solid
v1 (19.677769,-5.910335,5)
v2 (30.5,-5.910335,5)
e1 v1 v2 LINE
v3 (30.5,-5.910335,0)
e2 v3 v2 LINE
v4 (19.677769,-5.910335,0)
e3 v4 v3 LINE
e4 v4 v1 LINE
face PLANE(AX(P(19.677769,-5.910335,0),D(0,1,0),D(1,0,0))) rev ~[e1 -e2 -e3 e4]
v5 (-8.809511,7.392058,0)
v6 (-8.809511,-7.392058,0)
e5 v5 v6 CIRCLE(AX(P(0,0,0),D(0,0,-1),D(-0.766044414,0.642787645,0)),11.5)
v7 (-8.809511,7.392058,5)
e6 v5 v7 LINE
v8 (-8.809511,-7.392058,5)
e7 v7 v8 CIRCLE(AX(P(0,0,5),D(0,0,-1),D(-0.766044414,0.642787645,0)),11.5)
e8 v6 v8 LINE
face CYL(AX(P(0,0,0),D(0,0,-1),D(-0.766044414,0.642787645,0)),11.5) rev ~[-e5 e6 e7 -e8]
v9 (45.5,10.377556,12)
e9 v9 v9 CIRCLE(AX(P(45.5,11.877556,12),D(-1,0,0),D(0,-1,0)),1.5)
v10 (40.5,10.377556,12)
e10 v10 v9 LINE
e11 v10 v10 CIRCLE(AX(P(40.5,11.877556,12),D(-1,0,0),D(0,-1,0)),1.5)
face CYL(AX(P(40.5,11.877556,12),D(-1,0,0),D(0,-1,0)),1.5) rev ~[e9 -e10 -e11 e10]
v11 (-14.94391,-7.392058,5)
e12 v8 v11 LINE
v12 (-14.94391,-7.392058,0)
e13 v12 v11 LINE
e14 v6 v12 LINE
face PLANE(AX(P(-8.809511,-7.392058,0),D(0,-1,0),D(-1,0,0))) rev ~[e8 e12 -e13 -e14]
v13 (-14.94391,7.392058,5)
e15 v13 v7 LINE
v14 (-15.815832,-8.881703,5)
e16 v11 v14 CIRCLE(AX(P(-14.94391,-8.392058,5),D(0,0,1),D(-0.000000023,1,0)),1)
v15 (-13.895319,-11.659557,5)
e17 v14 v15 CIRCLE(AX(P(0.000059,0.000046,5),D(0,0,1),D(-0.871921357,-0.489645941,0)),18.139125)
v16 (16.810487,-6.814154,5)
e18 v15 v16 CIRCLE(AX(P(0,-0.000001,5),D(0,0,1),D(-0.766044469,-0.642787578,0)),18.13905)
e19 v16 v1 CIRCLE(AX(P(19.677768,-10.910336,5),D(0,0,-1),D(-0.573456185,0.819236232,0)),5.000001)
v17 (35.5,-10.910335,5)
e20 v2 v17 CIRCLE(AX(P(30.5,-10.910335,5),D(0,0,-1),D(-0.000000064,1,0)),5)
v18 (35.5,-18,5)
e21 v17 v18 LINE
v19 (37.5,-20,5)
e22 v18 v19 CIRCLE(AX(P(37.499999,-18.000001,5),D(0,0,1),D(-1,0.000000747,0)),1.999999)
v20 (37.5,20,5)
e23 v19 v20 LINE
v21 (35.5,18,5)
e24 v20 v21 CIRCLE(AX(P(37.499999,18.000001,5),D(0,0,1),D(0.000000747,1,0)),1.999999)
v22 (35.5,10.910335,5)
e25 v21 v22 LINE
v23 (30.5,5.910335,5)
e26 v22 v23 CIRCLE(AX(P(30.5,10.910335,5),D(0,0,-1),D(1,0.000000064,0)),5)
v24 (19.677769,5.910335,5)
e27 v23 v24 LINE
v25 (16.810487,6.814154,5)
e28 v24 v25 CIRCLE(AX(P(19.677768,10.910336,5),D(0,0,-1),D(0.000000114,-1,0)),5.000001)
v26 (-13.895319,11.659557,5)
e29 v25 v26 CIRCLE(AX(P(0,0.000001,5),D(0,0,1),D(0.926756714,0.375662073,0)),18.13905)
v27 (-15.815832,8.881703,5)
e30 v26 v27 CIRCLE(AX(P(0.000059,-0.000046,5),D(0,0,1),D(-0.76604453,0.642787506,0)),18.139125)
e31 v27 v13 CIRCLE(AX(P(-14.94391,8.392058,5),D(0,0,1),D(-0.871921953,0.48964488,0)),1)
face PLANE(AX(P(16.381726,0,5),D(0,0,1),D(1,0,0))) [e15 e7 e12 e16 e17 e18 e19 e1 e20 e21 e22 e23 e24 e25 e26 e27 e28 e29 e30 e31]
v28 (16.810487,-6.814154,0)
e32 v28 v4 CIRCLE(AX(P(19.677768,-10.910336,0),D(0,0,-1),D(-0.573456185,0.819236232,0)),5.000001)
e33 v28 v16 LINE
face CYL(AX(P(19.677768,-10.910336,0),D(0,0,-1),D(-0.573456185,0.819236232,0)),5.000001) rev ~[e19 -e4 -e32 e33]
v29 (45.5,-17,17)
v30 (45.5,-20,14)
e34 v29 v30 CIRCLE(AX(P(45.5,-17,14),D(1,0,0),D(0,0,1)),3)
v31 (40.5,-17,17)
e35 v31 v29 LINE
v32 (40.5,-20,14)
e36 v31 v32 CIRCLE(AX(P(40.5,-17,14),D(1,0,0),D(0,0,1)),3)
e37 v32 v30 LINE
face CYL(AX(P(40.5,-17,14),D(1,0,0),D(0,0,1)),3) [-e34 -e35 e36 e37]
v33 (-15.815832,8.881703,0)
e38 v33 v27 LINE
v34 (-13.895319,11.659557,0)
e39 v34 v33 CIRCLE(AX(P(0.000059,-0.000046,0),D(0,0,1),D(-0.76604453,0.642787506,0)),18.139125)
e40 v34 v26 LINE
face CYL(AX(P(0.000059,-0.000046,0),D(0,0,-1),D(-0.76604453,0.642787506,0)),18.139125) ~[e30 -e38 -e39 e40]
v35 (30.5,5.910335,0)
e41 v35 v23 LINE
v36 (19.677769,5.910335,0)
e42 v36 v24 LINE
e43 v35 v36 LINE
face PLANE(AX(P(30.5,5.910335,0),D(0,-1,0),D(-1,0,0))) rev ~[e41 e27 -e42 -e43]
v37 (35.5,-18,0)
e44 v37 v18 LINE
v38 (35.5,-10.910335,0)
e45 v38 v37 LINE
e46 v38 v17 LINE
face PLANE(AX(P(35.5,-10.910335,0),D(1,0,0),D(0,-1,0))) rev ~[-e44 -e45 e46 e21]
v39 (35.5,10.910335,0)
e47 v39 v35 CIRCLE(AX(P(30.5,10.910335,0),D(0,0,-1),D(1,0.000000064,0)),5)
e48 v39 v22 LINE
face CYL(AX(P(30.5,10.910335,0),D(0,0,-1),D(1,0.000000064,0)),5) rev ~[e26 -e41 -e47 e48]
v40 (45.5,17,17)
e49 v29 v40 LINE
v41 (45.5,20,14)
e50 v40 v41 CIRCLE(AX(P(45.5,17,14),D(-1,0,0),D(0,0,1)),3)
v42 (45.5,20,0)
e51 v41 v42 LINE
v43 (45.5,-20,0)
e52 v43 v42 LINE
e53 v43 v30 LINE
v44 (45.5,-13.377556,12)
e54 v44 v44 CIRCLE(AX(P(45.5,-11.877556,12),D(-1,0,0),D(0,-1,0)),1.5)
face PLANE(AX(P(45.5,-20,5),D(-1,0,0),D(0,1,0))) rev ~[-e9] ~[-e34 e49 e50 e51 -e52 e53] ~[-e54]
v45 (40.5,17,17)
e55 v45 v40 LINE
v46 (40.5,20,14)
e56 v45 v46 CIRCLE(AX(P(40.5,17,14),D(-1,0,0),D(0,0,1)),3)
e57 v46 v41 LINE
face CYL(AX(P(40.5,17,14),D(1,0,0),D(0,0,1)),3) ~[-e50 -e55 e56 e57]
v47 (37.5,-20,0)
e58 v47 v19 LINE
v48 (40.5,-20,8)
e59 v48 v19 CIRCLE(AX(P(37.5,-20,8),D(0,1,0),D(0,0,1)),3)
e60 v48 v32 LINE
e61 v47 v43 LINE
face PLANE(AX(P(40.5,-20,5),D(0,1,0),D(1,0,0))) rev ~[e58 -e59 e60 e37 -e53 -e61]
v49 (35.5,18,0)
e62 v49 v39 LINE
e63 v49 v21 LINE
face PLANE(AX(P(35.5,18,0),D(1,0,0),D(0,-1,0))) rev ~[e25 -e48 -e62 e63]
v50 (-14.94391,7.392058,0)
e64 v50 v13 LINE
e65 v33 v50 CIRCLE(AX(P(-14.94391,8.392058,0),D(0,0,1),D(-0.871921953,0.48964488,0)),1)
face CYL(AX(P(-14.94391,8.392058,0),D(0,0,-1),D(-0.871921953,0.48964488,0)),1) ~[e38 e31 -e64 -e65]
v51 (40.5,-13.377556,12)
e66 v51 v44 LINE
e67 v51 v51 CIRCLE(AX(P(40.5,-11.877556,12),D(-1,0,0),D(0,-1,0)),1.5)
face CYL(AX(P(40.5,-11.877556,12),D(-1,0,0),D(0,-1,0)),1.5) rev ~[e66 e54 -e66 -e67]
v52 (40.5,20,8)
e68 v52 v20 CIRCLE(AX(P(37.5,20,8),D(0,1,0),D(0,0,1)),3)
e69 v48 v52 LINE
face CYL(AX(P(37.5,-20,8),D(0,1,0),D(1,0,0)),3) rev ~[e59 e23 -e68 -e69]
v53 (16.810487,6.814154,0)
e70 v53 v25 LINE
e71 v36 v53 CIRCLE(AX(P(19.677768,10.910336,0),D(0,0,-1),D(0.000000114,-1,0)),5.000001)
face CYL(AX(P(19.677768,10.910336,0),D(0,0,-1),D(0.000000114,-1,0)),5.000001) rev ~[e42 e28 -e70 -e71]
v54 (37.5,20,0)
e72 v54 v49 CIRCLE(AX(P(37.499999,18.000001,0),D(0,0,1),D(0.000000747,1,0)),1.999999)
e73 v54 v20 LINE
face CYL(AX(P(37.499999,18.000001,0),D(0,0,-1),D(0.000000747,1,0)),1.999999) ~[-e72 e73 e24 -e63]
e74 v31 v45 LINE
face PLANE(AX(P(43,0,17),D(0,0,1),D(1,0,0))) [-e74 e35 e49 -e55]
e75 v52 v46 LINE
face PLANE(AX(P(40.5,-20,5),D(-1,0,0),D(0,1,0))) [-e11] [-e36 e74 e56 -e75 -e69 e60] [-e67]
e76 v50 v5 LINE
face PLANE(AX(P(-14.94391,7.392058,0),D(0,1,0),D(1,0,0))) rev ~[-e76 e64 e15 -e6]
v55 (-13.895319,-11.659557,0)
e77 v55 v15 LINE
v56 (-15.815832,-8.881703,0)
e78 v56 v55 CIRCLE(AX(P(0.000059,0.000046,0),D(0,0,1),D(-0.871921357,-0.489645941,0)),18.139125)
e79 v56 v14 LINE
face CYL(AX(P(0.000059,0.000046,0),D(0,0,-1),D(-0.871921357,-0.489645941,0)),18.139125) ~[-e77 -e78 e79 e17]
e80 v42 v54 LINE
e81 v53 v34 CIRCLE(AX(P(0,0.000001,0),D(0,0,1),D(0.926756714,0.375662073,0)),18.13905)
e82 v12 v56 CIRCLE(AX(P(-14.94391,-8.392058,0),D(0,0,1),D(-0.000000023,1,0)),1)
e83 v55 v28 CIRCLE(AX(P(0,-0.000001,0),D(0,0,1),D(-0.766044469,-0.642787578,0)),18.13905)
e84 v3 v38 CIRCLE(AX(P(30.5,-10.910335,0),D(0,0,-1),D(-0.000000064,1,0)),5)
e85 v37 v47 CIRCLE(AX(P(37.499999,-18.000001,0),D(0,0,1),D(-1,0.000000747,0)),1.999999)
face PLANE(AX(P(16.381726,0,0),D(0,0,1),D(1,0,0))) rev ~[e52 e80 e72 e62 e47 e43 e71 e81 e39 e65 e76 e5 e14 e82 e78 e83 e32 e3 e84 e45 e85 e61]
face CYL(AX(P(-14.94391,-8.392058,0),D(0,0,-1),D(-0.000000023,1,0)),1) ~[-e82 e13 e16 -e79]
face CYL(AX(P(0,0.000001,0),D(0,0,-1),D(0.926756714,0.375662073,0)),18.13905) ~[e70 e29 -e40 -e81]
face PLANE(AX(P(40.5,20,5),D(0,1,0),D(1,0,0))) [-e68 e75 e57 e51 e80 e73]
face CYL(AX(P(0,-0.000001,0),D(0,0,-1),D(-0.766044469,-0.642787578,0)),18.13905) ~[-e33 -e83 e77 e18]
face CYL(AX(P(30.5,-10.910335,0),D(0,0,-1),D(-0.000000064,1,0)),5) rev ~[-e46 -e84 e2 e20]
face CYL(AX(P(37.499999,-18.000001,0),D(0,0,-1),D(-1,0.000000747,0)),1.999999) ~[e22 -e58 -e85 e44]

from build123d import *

# Parameters (mm, degrees)
F1_DEPTH = 5
F2_W     = 5
F2_H     = 40
F3_DEPTH = 12
F4_R     = 3
F5_R     = 1.5
F6_DEPTH = 10


with BuildPart() as f1:
    # F0 (on Top) → F1 (new body)
    with BuildSketch(Plane.XY):
        with BuildLine():
            ThreePointArc((-8.809511, 7.392058), (11.5, 0), (-8.809511, -7.392058))
            Line((-8.809511, -7.392058), (-14.94391, -7.392058))
            ThreePointArc((-14.94391, -7.392058), (-15.806941, -7.886907), (-15.815832, -8.881703))
            ThreePointArc((-15.815832, -8.881703), (-14.920363, -10.315422), (-13.895319, -11.659557))
            ThreePointArc((-13.895319, -11.659557), (2.827372, -17.917342), (16.810487, -6.814154))
            ThreePointArc((16.810487, -6.814154), (18.174589, -6.14164), (19.677769, -5.910335))
            Line((19.677769, -5.910335), (30.5, -5.910335))
            ThreePointArc((30.5, -5.910335), (34.035534, -7.374801), (35.5, -10.910335))
            Line((35.5, -10.910335), (35.5, -18))
            ThreePointArc((35.5, -18), (36.085786, -19.414214), (37.5, -20))
            Line((37.5, -20), (45.5, -20))
            Line((45.5, -20), (45.5, 0))
            Line((45.5, 0), (45.5, 20))
            Line((45.5, 20), (37.5, 20))
            ThreePointArc((37.5, 20), (36.085786, 19.414214), (35.5, 18))
            Line((35.5, 18), (35.5, 10.910335))
            ThreePointArc((35.5, 10.910335), (34.035534, 7.374801), (30.5, 5.910335))
            Line((30.5, 5.910335), (19.677769, 5.910335))
            ThreePointArc((19.677769, 5.910335), (18.174589, 6.14164), (16.810487, 6.814154))
            ThreePointArc((16.810487, 6.814154), (2.827372, 17.917342), (-13.895319, 11.659557))
            ThreePointArc((-13.895319, 11.659557), (-14.920363, 10.315422), (-15.815832, 8.881703))
            ThreePointArc((-15.815832, 8.881703), (-15.806941, 7.886907), (-14.94391, 7.392058))
            Line((-14.94391, 7.392058), (-8.809511, 7.392058))
        make_face()
    extrude(amount=F1_DEPTH)

    # F2 (on face) → F3 (join)
    with BuildSketch(Plane.XY.offset(5)):
        with Locations((43, 0)):
            Rectangle(F2_W, F2_H)
    extrude(amount=F3_DEPTH)

    # F4
    f4_edges = [f1.edges().sort_by_distance(p)[0] for p in [
        (40.5, 0, 5),
        (43, 20, 17),
        (43, -20, 17),
    ]]
    fillet(f4_edges, radius=F4_R)

    # F5 (on face) → F6 (cut)
    with BuildSketch(Plane(origin=(40.5, 0, 0), x_dir=(0, -1, 0), z_dir=(-1, 0, 0))):
        with Locations((-11.877556, 12)):
            Circle(F5_R)
        with Locations((11.877556, 12)):
            Circle(F5_R)
    extrude(amount=-F6_DEPTH, mode=Mode.SUBTRACT)


solid = f1.part
